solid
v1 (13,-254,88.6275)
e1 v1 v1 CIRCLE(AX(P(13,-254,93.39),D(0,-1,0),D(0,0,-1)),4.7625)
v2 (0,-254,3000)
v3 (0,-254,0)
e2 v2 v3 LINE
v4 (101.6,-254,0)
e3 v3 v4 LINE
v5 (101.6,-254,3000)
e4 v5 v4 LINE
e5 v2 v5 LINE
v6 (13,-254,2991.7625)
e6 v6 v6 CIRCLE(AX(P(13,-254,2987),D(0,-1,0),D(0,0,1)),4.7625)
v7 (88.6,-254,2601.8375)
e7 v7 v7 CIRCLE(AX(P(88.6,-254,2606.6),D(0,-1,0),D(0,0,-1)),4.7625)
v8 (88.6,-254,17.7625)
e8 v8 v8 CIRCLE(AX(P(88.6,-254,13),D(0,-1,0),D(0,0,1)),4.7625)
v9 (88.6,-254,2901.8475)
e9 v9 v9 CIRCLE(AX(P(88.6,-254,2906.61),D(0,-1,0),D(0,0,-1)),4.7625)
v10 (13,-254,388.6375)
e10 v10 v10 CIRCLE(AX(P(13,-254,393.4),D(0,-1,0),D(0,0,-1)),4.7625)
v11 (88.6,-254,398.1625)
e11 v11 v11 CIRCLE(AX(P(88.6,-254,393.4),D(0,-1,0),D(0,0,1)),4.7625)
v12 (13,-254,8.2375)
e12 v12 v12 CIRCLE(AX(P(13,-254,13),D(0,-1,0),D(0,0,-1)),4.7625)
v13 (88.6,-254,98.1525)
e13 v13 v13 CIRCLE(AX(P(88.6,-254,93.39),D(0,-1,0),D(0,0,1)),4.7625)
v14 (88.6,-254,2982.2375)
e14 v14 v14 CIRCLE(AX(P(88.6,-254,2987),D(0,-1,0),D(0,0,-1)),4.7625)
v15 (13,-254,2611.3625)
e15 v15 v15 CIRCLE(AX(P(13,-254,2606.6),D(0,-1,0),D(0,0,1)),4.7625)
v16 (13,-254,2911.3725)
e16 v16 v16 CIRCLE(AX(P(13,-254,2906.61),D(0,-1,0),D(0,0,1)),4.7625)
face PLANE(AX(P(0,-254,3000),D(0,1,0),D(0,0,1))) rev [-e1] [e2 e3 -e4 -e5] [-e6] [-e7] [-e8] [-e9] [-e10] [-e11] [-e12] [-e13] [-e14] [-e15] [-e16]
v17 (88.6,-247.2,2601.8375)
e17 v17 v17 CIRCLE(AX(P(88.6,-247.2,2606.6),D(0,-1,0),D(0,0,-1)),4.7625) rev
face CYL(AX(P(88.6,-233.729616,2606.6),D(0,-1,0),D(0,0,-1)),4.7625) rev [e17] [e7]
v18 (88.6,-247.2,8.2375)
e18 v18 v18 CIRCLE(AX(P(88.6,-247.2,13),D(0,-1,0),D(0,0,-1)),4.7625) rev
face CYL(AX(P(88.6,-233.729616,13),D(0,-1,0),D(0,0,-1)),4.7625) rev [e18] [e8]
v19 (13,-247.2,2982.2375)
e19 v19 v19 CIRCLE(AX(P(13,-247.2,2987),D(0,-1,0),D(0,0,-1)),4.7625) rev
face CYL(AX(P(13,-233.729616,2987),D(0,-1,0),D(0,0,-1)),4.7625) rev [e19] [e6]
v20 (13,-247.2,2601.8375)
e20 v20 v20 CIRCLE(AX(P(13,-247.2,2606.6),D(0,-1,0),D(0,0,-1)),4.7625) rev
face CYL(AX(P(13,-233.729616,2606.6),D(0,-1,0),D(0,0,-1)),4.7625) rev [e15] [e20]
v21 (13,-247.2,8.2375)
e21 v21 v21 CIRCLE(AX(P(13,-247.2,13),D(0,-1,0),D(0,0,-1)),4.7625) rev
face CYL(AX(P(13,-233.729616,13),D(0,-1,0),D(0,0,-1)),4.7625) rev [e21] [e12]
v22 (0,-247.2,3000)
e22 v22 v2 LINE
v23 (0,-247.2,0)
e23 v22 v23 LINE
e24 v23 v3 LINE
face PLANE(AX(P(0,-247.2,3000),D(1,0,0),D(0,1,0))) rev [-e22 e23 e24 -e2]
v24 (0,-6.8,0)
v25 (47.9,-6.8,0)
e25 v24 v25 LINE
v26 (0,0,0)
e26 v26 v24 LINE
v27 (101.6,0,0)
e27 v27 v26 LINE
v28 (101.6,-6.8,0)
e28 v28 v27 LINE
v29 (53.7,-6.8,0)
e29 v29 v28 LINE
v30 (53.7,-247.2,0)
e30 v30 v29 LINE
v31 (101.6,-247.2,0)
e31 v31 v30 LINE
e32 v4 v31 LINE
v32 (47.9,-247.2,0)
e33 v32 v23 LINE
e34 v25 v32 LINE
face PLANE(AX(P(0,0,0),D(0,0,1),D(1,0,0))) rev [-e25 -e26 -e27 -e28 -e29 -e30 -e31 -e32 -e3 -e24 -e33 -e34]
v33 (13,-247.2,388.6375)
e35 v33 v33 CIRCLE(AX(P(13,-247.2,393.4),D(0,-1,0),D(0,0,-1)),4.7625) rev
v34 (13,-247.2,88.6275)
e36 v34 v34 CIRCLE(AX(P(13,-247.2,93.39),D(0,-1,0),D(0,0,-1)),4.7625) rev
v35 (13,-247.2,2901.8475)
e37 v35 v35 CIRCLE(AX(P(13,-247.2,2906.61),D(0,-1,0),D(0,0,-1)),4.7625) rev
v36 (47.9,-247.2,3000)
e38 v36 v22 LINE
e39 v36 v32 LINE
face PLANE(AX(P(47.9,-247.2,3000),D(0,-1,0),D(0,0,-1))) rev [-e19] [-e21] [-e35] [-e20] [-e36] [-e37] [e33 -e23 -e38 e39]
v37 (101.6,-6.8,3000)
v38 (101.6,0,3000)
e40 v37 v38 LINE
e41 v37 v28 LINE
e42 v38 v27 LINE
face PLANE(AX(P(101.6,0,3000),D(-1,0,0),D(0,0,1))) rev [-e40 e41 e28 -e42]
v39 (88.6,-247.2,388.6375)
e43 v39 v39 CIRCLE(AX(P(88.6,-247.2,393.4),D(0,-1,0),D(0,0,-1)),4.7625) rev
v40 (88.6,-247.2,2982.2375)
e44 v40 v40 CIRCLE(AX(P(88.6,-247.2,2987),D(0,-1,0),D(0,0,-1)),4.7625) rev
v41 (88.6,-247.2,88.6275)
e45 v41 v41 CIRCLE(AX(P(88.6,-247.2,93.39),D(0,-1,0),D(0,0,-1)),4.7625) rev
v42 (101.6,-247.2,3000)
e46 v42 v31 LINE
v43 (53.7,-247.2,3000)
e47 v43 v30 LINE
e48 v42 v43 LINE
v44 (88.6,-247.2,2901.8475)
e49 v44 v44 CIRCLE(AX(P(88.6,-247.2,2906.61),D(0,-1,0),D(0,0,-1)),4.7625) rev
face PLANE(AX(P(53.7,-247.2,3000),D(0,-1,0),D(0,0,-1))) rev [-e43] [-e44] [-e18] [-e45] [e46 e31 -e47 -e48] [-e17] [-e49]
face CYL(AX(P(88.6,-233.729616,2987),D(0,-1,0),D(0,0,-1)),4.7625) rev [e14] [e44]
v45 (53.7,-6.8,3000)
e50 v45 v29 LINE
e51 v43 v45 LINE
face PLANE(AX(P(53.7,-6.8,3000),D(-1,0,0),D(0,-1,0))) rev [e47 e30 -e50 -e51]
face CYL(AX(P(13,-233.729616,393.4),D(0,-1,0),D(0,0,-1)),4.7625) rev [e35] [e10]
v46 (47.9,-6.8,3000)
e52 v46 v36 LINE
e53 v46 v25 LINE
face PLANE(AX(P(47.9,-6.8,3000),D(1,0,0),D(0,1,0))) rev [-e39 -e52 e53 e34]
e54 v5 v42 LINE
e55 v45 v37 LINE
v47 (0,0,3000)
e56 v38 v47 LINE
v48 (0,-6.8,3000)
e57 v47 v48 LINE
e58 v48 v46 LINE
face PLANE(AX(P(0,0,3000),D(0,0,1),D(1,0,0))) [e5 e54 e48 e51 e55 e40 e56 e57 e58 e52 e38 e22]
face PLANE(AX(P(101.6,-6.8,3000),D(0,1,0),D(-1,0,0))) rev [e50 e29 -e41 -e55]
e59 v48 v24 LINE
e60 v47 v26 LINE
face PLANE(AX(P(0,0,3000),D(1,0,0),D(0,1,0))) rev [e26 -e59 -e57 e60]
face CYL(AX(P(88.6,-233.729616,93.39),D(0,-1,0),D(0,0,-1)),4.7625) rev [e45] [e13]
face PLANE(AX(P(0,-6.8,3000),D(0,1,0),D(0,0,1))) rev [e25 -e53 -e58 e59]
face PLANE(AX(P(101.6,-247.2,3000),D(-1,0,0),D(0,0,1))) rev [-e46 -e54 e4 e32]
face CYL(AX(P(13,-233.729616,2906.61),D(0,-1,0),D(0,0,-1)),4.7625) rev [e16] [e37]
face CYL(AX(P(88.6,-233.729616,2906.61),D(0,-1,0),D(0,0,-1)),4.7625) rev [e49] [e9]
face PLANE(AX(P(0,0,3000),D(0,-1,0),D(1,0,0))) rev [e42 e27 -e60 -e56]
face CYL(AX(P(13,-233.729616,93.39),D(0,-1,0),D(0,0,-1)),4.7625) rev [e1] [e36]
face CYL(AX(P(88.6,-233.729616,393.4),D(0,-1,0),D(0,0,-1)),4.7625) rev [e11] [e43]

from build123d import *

# Parameters (mm, degrees)
SALIENTE_EXTRUIR1_DEPTH = 3000
CROQUIS2_R              = 4.7625
CORTAR_EXTRUIR1_DEPTH   = 6.8


with BuildPart() as part:
    # Croquis1 → Saliente-Extruir1 (new body)
    with BuildSketch(Plane.XY):
        Polygon((0, 0), (101.6, 0), (101.6, -6.8), (53.7, -6.8), (53.7, -247.2), (101.6, -247.2), (101.6, -254), (0, -254), (0, -247.2), (47.9, -247.2), (47.9, -6.8), (0, -6.8), align=None)
    extrude(amount=SALIENTE_EXTRUIR1_DEPTH)

    # Croquis2 → Cortar-Extruir1 (cut)
    with BuildSketch(Plane.XZ.offset(254)):
        with Locations((88.6, 2987)):
            Circle(CROQUIS2_R)
        with Locations((88.6, 2906.61)):
            Circle(CROQUIS2_R)
        with Locations((13, 2906.61)):
            Circle(CROQUIS2_R)
        with Locations((13, 2987)):
            Circle(CROQUIS2_R)
        with Locations((13, 13)):
            Circle(CROQUIS2_R)
        with Locations((13, 93.39)):
            Circle(CROQUIS2_R)
        with Locations((88.6, 93.39)):
            Circle(CROQUIS2_R)
        with Locations((88.6, 13)):
            Circle(CROQUIS2_R)
        with Locations((88.6, 2606.6)):
            Circle(CROQUIS2_R)
        with Locations((13, 2606.6)):
            Circle(CROQUIS2_R)
        with Locations((13, 393.4)):
            Circle(CROQUIS2_R)
        with Locations((88.6, 393.4)):
            Circle(CROQUIS2_R)
    extrude(amount=-CORTAR_EXTRUIR1_DEPTH, mode=Mode.SUBTRACT)


solid = part.part
